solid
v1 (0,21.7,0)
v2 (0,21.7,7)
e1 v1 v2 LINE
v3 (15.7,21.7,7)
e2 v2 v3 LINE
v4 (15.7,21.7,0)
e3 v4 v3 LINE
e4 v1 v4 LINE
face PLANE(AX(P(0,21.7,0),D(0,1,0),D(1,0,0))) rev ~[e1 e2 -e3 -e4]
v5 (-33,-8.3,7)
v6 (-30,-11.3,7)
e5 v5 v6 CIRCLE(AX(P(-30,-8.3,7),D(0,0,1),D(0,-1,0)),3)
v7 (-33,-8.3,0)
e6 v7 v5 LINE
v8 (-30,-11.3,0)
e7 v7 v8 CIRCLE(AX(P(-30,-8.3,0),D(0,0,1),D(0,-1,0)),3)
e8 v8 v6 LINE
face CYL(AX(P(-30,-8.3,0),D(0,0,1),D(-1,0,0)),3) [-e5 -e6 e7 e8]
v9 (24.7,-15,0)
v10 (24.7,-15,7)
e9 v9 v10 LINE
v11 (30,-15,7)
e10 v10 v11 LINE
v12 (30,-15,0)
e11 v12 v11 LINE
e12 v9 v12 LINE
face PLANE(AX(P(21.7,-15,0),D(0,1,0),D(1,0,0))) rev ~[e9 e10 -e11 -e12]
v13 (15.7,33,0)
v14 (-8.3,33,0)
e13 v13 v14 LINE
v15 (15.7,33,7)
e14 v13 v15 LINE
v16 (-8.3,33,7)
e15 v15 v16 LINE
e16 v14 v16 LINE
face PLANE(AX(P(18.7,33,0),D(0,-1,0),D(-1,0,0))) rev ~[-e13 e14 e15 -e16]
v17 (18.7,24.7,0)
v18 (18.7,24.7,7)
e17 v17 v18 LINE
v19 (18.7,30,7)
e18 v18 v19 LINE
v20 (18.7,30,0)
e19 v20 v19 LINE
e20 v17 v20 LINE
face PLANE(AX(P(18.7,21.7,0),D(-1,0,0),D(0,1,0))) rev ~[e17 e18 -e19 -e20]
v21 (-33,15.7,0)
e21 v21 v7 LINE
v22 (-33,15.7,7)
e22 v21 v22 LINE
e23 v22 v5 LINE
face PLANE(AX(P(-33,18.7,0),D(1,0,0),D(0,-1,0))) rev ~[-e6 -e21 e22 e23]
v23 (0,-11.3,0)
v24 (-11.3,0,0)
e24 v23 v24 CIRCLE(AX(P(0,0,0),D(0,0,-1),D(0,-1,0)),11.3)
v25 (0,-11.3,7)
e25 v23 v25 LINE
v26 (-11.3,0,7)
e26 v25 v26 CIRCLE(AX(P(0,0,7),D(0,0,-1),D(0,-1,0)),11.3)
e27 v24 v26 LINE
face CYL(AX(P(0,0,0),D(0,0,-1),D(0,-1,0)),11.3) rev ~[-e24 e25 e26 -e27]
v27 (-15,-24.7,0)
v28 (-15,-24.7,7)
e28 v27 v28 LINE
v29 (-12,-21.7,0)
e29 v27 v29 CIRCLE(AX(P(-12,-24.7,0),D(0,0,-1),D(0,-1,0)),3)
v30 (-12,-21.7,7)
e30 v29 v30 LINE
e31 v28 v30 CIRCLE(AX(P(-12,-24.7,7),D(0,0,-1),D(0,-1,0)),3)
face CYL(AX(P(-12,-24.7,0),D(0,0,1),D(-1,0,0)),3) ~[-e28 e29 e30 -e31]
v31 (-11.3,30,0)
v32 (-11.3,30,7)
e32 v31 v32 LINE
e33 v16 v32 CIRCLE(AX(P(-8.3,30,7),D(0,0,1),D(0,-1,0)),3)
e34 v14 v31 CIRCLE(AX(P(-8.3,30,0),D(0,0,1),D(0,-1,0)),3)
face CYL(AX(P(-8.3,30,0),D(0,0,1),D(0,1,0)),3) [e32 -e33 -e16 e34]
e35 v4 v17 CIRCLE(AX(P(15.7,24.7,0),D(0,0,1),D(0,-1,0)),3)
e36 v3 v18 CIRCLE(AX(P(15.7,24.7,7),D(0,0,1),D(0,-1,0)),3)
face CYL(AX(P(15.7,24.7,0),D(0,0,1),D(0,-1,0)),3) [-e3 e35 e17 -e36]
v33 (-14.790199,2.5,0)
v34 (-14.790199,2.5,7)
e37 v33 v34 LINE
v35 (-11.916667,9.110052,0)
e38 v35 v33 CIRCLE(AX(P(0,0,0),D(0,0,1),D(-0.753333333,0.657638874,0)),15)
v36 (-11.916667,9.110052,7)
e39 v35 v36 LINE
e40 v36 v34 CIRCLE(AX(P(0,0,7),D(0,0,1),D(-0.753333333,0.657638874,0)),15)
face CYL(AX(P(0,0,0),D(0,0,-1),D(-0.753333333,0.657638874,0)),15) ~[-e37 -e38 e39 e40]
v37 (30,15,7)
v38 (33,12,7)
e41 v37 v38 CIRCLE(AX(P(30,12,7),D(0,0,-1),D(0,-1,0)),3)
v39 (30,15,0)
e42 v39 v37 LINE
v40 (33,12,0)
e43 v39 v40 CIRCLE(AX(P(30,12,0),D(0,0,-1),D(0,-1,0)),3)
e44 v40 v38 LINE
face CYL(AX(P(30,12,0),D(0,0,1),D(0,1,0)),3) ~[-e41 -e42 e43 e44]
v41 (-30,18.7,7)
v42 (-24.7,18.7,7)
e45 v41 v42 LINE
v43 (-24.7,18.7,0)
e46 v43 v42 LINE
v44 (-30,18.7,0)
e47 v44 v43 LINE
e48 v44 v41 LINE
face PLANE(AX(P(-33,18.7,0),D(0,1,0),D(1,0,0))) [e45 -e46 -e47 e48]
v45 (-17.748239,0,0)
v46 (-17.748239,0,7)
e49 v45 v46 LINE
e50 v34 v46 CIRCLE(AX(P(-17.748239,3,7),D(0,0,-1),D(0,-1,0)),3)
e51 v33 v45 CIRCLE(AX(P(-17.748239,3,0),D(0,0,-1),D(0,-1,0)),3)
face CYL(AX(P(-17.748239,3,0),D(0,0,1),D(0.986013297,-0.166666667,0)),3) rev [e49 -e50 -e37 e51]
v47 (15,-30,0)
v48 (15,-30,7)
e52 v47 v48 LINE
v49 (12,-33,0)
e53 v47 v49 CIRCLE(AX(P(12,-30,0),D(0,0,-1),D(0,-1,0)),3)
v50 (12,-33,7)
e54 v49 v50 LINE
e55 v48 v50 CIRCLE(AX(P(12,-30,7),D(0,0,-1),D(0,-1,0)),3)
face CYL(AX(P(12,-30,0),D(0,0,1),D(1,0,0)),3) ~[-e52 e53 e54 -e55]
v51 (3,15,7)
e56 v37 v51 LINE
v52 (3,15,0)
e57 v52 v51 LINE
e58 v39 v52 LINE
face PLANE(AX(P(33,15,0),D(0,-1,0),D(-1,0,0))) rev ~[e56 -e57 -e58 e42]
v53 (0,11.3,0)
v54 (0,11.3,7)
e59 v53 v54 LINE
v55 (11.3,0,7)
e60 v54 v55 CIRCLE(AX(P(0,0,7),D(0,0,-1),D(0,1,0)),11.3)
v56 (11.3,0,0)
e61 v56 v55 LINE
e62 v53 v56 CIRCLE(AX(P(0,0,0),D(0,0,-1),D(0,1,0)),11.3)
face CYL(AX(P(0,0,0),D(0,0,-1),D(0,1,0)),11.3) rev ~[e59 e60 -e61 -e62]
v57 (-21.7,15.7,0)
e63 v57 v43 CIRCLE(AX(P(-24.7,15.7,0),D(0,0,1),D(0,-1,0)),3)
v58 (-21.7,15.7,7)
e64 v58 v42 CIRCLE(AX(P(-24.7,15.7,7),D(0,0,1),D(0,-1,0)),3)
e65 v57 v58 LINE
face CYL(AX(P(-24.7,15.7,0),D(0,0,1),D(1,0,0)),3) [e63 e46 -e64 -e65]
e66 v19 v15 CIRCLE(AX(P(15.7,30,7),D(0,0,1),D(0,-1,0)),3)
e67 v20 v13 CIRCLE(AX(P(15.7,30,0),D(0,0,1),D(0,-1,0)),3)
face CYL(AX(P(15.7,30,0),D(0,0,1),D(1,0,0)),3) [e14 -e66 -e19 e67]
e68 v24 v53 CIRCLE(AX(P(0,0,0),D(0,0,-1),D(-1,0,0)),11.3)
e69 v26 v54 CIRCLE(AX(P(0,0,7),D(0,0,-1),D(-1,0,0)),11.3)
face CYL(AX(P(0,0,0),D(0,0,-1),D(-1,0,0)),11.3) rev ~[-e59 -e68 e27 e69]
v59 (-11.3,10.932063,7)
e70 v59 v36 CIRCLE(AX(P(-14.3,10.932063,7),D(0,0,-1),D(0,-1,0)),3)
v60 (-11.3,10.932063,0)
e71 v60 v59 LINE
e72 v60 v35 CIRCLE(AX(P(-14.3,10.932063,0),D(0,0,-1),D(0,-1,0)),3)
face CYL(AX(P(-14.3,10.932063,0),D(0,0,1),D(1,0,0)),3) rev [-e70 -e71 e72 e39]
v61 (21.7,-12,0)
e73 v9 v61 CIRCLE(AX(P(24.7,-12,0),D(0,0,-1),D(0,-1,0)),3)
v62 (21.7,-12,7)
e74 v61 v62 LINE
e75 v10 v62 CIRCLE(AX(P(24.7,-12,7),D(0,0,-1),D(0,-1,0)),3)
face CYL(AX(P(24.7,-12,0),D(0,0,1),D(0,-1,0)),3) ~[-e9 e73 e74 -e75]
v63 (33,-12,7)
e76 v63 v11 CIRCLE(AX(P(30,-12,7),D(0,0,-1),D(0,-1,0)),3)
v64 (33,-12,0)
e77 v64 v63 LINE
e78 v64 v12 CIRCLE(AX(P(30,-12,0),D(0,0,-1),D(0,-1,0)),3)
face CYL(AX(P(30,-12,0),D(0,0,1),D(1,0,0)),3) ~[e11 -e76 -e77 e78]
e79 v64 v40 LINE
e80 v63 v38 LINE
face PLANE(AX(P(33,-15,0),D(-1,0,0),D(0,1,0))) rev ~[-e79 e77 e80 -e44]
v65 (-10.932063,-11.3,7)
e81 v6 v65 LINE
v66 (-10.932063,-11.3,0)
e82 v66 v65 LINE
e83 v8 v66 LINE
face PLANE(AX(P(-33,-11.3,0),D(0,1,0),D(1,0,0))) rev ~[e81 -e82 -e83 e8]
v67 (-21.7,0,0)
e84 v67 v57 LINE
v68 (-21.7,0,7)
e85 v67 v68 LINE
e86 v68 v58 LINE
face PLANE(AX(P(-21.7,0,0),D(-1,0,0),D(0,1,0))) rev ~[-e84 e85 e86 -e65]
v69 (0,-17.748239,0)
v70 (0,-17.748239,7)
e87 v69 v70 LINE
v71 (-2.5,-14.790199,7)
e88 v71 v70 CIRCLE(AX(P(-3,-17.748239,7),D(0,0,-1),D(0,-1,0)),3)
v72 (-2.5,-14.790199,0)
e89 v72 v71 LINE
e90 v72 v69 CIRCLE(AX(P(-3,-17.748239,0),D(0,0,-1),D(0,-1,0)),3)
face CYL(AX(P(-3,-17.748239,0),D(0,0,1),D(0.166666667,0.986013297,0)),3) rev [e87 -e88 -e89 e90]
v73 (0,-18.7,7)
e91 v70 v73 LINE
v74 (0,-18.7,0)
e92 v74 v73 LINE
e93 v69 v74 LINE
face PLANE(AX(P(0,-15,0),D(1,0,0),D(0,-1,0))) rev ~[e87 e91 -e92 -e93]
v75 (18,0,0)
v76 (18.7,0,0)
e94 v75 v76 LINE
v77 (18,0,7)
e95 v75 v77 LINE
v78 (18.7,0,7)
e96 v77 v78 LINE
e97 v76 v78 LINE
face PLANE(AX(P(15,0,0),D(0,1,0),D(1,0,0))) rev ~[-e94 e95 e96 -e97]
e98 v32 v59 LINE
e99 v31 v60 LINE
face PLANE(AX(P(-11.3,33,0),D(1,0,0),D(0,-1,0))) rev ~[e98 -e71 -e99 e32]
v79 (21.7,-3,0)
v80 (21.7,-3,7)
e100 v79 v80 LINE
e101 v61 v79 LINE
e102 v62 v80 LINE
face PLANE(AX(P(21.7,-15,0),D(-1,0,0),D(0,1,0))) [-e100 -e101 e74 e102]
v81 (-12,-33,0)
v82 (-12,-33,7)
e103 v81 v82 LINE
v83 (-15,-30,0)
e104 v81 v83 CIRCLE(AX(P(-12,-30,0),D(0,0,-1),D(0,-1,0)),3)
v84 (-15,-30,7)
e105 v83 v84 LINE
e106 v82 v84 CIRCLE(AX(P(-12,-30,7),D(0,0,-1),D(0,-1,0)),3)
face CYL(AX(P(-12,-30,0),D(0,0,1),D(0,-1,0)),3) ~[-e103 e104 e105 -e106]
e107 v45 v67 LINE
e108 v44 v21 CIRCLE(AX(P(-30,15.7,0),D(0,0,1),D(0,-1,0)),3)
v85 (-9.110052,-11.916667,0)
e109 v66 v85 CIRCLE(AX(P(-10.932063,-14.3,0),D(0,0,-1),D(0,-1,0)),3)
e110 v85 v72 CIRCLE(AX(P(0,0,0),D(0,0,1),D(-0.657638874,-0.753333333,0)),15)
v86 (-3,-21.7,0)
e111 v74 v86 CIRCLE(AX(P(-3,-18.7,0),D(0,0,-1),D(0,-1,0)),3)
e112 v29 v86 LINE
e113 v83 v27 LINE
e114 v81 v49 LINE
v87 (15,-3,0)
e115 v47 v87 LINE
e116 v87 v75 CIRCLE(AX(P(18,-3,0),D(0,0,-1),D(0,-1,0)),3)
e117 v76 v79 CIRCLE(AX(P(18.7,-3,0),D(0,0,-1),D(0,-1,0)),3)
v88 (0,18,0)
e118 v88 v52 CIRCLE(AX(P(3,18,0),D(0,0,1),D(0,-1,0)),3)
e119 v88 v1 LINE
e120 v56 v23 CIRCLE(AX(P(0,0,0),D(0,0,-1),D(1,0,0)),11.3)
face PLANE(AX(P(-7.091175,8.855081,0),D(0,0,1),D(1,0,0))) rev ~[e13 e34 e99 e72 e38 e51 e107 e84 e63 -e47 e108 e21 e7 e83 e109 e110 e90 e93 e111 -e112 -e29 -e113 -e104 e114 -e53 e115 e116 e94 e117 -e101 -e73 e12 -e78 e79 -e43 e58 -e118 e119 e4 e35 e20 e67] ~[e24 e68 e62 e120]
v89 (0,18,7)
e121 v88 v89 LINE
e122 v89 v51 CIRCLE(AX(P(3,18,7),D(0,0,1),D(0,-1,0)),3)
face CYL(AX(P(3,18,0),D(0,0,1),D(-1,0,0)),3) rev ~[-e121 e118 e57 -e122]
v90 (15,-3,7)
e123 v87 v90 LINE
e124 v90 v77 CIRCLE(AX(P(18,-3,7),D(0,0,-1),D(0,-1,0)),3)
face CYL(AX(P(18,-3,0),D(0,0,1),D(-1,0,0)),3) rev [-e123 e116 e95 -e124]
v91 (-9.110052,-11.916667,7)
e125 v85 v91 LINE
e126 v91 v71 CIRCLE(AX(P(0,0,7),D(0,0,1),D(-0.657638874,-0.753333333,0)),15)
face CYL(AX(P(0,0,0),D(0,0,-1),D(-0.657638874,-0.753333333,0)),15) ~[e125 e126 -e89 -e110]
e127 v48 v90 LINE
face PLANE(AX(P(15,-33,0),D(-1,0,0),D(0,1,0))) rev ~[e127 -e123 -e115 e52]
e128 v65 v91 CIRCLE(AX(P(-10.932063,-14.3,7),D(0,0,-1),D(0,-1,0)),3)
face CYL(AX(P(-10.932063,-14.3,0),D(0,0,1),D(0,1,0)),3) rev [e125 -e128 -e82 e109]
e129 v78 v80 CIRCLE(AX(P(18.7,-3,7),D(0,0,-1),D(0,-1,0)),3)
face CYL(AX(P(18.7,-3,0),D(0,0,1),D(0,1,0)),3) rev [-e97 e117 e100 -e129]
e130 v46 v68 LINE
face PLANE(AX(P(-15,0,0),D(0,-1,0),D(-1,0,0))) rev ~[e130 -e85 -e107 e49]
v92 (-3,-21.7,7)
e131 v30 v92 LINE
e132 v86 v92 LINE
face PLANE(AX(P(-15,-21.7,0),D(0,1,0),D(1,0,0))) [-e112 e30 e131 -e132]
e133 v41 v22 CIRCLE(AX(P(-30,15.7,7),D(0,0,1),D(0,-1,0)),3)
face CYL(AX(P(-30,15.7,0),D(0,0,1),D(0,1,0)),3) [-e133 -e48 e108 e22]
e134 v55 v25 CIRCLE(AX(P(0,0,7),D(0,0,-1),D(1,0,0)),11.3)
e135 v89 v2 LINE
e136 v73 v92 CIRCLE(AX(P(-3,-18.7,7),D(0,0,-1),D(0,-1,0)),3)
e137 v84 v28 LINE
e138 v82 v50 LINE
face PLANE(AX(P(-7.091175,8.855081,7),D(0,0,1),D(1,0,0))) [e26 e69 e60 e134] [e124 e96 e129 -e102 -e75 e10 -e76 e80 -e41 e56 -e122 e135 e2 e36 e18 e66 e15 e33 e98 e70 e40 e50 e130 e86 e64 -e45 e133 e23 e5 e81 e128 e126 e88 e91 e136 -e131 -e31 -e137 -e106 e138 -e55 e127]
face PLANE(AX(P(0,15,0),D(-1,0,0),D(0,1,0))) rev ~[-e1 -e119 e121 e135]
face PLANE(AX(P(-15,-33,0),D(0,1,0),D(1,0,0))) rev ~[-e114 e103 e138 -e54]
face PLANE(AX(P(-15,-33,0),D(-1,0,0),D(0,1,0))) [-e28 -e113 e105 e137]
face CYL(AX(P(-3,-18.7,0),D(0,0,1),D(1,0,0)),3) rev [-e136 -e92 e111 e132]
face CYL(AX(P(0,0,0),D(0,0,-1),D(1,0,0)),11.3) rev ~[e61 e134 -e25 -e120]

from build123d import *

# Parameters (mm, degrees)
F0_W     = 11.3
F0_H     = 11.3
F0_H_2   = 18.7
F0_W_2   = 18.7
F0_H_3   = 15
F0_W_3   = 15
F1_DEPTH = 7
F2_R     = 3
F3_R     = 3


with BuildPart() as f1:
    # F0 (on Top) → F1 (new body)
    with BuildSketch(Plane.XY):
        with BuildLine():
            Line((-11.3, 9.8645831133), (-11.3, 0))
            ThreePointArc((-11.3, 0), (-7.9903066274, 7.9903066274), (0, 11.3))
            Line((0, 11.3), (0, 15))
            ThreePointArc((0, 15), (-6.2060959266, 13.6559281395), (-11.3, 9.8645831133))
        make_face()
        with BuildLine():
            Line((-15, 0), (-11.3, 0))
            Line((-11.3, 0), (-11.3, 9.8645831133))
            ThreePointArc((-11.3, 9.8645831133), (-14.0445719052, 5.2678268764), (-15, 0))
        make_face()
        with BuildLine():
            ThreePointArc((0, -11.3), (-7.9903066274, -7.9903066274), (-11.3, 0))
            Line((-11.3, 0), (-15, 0))
            ThreePointArc((-15, 0), (-13.6559281395, -6.2060959266), (-9.8645831133, -11.3))
            Line((-9.8645831133, -11.3), (0, -11.3))
        make_face()
        with BuildLine():
            ThreePointArc((-9.8645831133, -11.3), (-13.6559281395, -6.2060959266), (-15, 0))
            Line((-15, 0), (-21.7, 0))
            Line((-21.7, 0), (-21.7, -11.3))
            Line((-21.7, -11.3), (-9.8645831133, -11.3))
        make_face()
        with Locations((-27.35, -5.65)):
            Rectangle(F0_W, F0_H)
        with Locations((-27.35, 9.35)):
            Rectangle(F0_W, F0_H_2)
        with BuildLine():
            Line((-11.3, 21.7), (-11.3, 9.8645831133))
            ThreePointArc((-11.3, 9.8645831133), (-6.2060959266, 13.6559281395), (0, 15))
            Line((0, 15), (0, 21.7))
            Line((0, 21.7), (-11.3, 21.7))
        make_face()
        with Locations((-5.65, 27.35)):
            Rectangle(F0_W, F0_H)
        with Locations((9.35, 27.35)):
            Rectangle(F0_W_2, F0_H)
        with BuildLine():
            Line((21.7, 15), (0, 15))
            ThreePointArc((0, 15), (10.6066017178, 10.6066017178), (15, 0))
            Line((15, 0), (21.7, 0))
            Line((21.7, 0), (21.7, 15))
        make_face()
        with Locations((27.35, 7.5)):
            Rectangle(F0_W, F0_H_3)
        with Locations((27.35, -7.5)):
            Rectangle(F0_W, F0_H_3)
        with BuildLine():
            ThreePointArc((15, 0), (10.6066017178, -10.6066017178), (0, -15))
            Line((0, -15), (0, -21.7))
            Line((0, -21.7), (15, -21.7))
            Line((15, -21.7), (15, 0))
        make_face()
        with Locations((7.5, -27.35)):
            Rectangle(F0_W_3, F0_H)
        with Locations((-7.5, -27.35)):
            Rectangle(F0_W_3, F0_H)
        with BuildLine():
            ThreePointArc((11.3, 0), (7.9903066274, -7.9903066274), (0, -11.3))
            Line((0, -11.3), (0, -15))
            ThreePointArc((0, -15), (10.6066017178, -10.6066017178), (15, 0))
            Line((15, 0), (11.3, 0))
        make_face()
        with BuildLine():
            Line((0, -15), (0, -11.3))
            Line((0, -11.3), (-9.8645831133, -11.3))
            ThreePointArc((-9.8645831133, -11.3), (-5.2678268764, -14.0445719052), (0, -15))
        make_face()
        with BuildLine():
            Line((0, 15), (0, 11.3))
            ThreePointArc((0, 11.3), (7.9903066274, 7.9903066274), (11.3, 0))
            Line((11.3, 0), (15, 0))
            ThreePointArc((15, 0), (10.6066017178, 10.6066017178), (0, 15))
        make_face()
    extrude(amount=F1_DEPTH)

    # F2
    f2_edges = [f1.edges().sort_by_distance(p)[0] for p in [
        (21.7, 0, 3.5),
        (0, -21.7, 3.5),
        (-15, 0, 3.5),
        (0, 15, 3.5),
        (-11.3, 9.864583, 3.5),
        (0, -15, 3.5),
        (-9.864583, -11.3, 3.5),
        (15, 0, 3.5),
    ]]
    fillet(f2_edges, radius=F2_R)

    # F3
    f3_edges = [f1.edges().sort_by_distance(p)[0] for p in [
        (-33, -11.3, 3.5),
        (-15, -33, 3.5),
        (-33, 18.7, 3.5),
        (-21.7, 18.7, 3.5),
        (-15, -21.7, 3.5),
        (15, -33, 3.5),
        (21.7, -15, 3.5),
        (33, -15, 3.5),
        (33, 15, 3.5),
        (18.7, 21.7, 3.5),
        (18.7, 33, 3.5),
        (-11.3, 33, 3.5),
    ]]
    fillet(f3_edges, radius=F3_R)


solid = f1.part
